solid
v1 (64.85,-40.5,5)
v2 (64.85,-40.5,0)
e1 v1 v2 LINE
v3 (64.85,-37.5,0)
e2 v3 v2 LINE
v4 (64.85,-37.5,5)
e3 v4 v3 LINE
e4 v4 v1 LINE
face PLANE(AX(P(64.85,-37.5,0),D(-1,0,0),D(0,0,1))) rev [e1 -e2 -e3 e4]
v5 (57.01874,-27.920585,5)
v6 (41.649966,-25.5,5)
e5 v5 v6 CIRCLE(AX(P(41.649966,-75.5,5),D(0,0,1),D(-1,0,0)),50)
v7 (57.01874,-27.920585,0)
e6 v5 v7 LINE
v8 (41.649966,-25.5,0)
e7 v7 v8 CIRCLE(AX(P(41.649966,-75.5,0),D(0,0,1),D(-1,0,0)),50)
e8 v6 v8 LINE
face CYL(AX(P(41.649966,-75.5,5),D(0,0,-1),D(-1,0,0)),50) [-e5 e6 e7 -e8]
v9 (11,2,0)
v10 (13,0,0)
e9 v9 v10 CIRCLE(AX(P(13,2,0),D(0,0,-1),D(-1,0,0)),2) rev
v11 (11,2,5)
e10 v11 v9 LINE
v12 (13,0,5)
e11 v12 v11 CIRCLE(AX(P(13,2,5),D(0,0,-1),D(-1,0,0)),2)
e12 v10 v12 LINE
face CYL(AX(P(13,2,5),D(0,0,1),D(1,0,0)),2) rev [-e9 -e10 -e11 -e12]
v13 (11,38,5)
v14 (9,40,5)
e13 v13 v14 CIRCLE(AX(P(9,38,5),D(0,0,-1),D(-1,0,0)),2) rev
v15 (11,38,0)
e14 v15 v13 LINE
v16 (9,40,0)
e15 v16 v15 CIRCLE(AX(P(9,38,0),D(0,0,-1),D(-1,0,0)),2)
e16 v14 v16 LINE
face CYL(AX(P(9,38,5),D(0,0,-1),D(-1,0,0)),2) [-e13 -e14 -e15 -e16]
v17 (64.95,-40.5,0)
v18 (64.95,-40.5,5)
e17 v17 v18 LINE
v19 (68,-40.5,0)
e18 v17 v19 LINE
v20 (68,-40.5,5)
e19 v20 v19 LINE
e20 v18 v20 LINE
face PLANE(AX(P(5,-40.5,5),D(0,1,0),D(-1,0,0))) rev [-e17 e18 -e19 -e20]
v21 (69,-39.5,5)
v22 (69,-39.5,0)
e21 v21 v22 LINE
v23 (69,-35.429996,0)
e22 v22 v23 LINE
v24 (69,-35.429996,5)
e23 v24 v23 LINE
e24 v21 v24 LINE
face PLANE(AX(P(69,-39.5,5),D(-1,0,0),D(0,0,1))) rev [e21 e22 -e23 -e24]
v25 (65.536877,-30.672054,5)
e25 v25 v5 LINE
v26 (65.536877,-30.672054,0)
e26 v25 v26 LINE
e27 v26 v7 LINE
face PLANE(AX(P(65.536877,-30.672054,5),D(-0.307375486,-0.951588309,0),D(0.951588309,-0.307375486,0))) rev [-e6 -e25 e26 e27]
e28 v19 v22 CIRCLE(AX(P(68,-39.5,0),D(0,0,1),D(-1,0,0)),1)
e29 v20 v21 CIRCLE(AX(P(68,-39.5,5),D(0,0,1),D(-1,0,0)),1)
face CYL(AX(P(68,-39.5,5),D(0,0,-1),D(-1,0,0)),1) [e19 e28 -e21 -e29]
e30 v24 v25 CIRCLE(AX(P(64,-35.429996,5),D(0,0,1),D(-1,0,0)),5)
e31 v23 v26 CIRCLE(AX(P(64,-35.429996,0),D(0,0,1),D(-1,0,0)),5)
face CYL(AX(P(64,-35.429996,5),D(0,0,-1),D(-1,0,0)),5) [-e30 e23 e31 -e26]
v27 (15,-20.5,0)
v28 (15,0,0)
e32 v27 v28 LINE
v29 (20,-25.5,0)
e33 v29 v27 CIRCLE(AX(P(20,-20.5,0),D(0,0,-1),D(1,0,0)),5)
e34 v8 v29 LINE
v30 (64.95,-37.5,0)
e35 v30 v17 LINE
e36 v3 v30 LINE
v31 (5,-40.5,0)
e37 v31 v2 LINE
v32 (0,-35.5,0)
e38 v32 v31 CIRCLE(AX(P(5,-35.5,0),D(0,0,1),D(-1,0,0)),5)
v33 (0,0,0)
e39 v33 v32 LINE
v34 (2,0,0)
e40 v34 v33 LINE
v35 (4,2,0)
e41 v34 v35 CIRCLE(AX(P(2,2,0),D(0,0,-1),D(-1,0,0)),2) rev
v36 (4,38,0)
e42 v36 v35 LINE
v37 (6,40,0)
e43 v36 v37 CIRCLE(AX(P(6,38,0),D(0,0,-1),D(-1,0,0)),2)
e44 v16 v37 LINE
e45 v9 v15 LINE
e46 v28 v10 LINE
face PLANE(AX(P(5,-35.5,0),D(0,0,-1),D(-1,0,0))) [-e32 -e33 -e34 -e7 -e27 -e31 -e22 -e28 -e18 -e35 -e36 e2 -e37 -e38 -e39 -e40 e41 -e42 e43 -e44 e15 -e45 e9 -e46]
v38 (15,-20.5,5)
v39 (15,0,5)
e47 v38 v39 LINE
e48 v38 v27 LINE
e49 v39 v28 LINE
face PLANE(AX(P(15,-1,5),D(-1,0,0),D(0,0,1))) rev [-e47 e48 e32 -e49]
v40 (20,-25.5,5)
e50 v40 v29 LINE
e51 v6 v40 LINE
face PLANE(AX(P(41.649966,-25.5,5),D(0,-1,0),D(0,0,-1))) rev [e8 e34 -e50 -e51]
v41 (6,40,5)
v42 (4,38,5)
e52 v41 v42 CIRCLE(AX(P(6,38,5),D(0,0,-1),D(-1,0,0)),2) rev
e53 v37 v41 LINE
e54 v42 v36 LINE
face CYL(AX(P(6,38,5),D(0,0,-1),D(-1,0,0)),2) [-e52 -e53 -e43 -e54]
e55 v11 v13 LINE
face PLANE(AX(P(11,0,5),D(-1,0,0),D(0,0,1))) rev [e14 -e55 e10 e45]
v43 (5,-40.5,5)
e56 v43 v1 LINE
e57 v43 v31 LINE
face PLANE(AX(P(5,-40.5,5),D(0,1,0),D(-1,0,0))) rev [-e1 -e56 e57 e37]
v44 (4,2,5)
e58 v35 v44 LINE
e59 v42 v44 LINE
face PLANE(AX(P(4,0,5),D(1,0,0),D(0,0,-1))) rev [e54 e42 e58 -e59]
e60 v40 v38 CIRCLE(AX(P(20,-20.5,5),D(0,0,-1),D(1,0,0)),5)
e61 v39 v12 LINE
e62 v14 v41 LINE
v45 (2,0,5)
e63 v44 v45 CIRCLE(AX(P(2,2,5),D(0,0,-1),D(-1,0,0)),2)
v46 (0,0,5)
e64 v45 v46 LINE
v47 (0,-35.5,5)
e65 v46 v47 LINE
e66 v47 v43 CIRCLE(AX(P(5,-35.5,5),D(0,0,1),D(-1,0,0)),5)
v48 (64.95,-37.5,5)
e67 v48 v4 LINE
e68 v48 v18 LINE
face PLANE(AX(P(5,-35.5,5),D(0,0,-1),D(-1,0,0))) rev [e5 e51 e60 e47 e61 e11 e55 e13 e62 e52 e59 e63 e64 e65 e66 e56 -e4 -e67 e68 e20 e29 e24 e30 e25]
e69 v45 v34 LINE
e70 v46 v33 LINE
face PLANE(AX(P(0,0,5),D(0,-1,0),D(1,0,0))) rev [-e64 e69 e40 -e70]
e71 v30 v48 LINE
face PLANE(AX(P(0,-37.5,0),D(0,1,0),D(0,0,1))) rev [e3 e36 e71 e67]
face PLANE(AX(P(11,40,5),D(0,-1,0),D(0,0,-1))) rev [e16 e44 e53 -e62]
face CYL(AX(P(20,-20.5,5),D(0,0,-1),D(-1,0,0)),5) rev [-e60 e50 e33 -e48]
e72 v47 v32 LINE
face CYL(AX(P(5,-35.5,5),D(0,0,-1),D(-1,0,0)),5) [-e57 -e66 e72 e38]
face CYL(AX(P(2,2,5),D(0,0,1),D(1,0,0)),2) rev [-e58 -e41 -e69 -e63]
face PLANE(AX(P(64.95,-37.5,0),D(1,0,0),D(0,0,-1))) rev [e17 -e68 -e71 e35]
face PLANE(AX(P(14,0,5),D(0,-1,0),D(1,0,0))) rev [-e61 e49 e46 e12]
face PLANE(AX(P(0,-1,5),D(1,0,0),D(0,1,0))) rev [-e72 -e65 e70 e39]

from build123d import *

# Parameters (mm, degrees)
BOSS_EXTRUDE1_DEPTH = 5
SKETCH2_W           = 0.1
SKETCH2_H           = 5
CUT_EXTRUDE2_DEPTH  = 3
FILLET1_R           = 2


with BuildPart() as part:
    # Sketch1 → Boss-Extrude1 (new body)
    with BuildSketch(Plane.XY):
        with BuildLine():
            Line((0, -1), (0, -35.5))
            ThreePointArc((0, -35.5), (1.464466094, -39.035533906), (5, -40.5))
            Line((5, -40.5), (68, -40.5))
            ThreePointArc((68, -40.5), (68.707106781, -40.207106781), (69, -39.5))
            Line((69, -39.5), (69, -35.429996046))
            ThreePointArc((69, -35.429996046), (68.042547906, -32.487580979), (65.53687743, -30.672054499))
            Line((65.53687743, -30.672054499), (57.01873992, -27.920584529))
            ThreePointArc((57.01873992, -27.920584529), (49.429079532, -26.108853154), (41.649965621, -25.5))
            Line((41.649965621, -25.5), (20, -25.5))
            ThreePointArc((20, -25.5), (16.464466094, -24.035533906), (15, -20.5))
            Line((15, -20.5), (15, -1))
            Line((15, -1), (15, 0))
            Line((15, 0), (14, 0))
            Line((14, 0), (11, 0))
            Line((11, 0), (11, 40))
            Line((11, 40), (4, 40))
            Line((4, 40), (4, 0))
            Line((4, 0), (1, 0))
            Line((1, 0), (0, 0))
            Line((0, 0), (0, -1))
        make_face()
    extrude(amount=BOSS_EXTRUDE1_DEPTH)

    # Sketch2 → Cut-Extrude2 (cut)
    with BuildSketch(Plane.XZ.offset(40.5)):
        with Locations((64.9, 2.5)):
            Rectangle(SKETCH2_W, SKETCH2_H)
    extrude(amount=-CUT_EXTRUDE2_DEPTH, mode=Mode.SUBTRACT)

    # Fillet1
    fillet1_edges = [part.edges().sort_by_distance(p)[0] for p in [
        (4, 0, 2.5),
        (4, 40, 2.5),
        (11, 40, 2.5),
        (11, 0, 2.5),
    ]]
    fillet(fillet1_edges, radius=FILLET1_R)


solid = part.part
